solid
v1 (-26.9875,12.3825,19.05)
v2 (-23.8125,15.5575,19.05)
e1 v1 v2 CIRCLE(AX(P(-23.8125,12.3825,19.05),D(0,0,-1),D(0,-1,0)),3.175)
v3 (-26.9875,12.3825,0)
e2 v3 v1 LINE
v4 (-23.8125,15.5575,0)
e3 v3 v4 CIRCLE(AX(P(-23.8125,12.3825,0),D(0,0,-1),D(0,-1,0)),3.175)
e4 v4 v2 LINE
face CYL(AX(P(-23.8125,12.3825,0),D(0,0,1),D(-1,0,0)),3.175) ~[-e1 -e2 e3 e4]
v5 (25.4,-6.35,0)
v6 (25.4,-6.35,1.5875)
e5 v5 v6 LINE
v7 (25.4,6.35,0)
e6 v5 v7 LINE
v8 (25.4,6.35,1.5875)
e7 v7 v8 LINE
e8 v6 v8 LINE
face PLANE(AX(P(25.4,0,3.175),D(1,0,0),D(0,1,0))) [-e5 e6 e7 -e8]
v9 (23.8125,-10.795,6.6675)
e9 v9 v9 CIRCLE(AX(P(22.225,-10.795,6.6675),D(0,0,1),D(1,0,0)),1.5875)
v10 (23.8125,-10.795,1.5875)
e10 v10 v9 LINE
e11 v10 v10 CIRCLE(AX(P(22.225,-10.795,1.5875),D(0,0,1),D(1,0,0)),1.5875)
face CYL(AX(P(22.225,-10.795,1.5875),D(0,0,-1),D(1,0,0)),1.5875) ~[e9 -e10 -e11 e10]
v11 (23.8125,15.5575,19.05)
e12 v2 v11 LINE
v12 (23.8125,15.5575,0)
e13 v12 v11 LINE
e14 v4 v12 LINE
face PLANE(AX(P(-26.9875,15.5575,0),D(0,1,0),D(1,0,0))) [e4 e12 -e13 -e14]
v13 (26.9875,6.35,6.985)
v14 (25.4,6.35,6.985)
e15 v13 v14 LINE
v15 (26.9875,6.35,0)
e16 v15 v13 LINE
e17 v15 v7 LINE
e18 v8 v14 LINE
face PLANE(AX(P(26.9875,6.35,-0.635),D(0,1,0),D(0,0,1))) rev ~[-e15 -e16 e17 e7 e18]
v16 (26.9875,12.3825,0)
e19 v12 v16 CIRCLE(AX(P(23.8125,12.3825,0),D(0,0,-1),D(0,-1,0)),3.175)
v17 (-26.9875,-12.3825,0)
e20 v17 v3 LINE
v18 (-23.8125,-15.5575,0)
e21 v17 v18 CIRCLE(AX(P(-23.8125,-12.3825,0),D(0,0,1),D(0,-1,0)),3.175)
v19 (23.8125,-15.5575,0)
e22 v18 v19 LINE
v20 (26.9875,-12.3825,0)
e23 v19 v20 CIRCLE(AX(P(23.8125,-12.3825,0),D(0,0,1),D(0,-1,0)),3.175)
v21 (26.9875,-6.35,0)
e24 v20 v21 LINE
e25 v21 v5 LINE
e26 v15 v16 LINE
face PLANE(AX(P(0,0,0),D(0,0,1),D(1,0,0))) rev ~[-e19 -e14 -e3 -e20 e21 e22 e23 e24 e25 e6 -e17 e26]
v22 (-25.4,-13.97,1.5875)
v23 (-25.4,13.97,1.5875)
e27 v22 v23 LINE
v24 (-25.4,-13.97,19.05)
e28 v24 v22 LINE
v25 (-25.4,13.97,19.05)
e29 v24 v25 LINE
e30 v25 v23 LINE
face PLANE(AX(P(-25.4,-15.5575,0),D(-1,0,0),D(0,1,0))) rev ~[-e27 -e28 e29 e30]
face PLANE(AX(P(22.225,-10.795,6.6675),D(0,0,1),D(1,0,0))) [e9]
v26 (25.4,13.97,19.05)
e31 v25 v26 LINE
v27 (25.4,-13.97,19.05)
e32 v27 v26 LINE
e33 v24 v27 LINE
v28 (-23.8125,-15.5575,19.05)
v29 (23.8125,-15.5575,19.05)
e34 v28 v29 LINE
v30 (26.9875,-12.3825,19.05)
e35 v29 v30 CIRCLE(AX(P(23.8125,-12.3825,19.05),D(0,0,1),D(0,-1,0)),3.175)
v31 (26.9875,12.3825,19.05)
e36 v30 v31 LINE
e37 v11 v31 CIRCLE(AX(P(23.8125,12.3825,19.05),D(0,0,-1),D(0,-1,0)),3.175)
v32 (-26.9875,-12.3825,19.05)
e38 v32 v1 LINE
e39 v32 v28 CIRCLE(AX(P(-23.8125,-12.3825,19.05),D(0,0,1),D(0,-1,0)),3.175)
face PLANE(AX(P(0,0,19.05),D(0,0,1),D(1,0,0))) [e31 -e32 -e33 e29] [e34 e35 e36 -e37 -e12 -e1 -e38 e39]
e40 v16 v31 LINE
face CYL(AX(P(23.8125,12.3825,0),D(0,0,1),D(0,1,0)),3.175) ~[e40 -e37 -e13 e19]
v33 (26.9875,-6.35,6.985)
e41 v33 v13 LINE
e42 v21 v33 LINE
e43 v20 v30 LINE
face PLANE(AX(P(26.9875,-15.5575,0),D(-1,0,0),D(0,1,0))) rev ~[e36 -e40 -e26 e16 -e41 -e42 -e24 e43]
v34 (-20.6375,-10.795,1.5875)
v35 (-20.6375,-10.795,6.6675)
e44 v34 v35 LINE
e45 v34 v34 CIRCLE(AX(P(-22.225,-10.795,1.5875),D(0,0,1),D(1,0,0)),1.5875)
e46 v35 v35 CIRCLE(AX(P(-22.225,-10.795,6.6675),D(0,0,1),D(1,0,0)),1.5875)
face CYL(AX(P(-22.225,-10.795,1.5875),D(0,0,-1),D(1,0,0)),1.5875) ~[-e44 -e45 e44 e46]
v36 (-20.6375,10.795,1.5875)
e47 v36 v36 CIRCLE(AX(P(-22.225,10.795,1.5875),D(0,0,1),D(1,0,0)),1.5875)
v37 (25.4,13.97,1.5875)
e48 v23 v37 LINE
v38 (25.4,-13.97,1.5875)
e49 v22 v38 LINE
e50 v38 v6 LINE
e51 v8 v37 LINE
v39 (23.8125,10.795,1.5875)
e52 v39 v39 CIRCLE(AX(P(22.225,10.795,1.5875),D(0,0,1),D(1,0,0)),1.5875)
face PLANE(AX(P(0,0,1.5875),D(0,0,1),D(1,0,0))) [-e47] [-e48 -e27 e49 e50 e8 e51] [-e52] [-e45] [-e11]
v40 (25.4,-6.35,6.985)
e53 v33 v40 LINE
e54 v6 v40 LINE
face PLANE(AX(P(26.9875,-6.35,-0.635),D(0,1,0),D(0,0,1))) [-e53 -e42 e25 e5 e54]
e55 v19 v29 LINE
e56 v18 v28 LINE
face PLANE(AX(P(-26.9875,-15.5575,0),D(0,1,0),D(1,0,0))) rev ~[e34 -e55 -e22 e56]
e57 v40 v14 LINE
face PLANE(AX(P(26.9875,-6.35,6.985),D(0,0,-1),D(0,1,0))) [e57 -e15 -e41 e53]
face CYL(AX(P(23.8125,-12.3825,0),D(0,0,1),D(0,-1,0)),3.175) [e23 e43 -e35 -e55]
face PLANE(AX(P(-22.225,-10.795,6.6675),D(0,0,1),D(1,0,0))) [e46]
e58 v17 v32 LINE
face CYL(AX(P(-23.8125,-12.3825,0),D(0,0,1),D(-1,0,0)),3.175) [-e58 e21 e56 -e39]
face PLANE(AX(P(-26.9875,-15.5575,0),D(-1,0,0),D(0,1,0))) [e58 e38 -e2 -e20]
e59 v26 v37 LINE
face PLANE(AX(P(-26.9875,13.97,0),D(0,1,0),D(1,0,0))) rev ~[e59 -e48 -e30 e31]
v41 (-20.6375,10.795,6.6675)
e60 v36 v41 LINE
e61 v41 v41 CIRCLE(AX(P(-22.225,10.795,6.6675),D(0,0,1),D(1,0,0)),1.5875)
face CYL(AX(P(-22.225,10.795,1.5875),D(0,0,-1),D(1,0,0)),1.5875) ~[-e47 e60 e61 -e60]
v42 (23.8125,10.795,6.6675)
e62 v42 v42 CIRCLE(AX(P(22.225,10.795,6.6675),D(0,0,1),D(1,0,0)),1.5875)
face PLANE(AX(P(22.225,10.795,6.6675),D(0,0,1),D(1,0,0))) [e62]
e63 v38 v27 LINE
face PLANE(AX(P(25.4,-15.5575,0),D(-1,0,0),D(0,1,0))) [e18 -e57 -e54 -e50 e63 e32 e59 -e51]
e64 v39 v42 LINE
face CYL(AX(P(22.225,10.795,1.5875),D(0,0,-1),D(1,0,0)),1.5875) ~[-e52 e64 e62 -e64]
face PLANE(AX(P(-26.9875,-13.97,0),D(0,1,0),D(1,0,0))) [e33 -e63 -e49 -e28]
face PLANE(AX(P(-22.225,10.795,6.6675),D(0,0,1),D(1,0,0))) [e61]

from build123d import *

# Parameters (mm, degrees)
F0_W     = 53.975
F0_H     = 31.115
F1_DEPTH = 19.05
F2_T     = -1.5875
F3_R     = 1.5875
F4_DEPTH = 5.08
F5_W     = 12.7
F5_H     = 7.62
F6_DEPTH = 1.5875
F7_R     = 3.175


with BuildPart() as f1:
    # F0 (on Top) → F1 (new body)
    with BuildSketch(Plane.XY):
        Rectangle(F0_W, F0_H)
    extrude(amount=F1_DEPTH)

    # F2
    f2_openings = [f1.faces().sort_by_distance(p)[0] for p in [
        (0, 0, 19.05),
    ]]
    offset(amount=F2_T, openings=f2_openings)

    # F3 (on face) → F4 (join)
    with BuildSketch(Plane.XY.offset(1.5875)):
        with Locations((22.225, 10.795)):
            Circle(F3_R)
        with Locations((22.225, -10.795)):
            Circle(F3_R)
        with Locations((-22.225, 10.795)):
            Circle(F3_R)
        with Locations((-22.225, -10.795)):
            Circle(F3_R)
    extrude(amount=F4_DEPTH)

    # F5 (on face) → F6 (cut)
    with BuildSketch(Plane.YZ.offset(26.9875)):
        with Locations((0, 3.175)):
            Rectangle(F5_W, F5_H)
    extrude(amount=-F6_DEPTH, mode=Mode.SUBTRACT)

    # F7
    f7_edges = [f1.edges().sort_by_distance(p)[0] for p in [
        (26.9875, -15.5575, 9.525),
        (-26.9875, -15.5575, 9.525),
        (-26.9875, 15.5575, 9.525),
        (26.9875, 15.5575, 9.525),
    ]]
    fillet(f7_edges, radius=F7_R)


solid = f1.part
